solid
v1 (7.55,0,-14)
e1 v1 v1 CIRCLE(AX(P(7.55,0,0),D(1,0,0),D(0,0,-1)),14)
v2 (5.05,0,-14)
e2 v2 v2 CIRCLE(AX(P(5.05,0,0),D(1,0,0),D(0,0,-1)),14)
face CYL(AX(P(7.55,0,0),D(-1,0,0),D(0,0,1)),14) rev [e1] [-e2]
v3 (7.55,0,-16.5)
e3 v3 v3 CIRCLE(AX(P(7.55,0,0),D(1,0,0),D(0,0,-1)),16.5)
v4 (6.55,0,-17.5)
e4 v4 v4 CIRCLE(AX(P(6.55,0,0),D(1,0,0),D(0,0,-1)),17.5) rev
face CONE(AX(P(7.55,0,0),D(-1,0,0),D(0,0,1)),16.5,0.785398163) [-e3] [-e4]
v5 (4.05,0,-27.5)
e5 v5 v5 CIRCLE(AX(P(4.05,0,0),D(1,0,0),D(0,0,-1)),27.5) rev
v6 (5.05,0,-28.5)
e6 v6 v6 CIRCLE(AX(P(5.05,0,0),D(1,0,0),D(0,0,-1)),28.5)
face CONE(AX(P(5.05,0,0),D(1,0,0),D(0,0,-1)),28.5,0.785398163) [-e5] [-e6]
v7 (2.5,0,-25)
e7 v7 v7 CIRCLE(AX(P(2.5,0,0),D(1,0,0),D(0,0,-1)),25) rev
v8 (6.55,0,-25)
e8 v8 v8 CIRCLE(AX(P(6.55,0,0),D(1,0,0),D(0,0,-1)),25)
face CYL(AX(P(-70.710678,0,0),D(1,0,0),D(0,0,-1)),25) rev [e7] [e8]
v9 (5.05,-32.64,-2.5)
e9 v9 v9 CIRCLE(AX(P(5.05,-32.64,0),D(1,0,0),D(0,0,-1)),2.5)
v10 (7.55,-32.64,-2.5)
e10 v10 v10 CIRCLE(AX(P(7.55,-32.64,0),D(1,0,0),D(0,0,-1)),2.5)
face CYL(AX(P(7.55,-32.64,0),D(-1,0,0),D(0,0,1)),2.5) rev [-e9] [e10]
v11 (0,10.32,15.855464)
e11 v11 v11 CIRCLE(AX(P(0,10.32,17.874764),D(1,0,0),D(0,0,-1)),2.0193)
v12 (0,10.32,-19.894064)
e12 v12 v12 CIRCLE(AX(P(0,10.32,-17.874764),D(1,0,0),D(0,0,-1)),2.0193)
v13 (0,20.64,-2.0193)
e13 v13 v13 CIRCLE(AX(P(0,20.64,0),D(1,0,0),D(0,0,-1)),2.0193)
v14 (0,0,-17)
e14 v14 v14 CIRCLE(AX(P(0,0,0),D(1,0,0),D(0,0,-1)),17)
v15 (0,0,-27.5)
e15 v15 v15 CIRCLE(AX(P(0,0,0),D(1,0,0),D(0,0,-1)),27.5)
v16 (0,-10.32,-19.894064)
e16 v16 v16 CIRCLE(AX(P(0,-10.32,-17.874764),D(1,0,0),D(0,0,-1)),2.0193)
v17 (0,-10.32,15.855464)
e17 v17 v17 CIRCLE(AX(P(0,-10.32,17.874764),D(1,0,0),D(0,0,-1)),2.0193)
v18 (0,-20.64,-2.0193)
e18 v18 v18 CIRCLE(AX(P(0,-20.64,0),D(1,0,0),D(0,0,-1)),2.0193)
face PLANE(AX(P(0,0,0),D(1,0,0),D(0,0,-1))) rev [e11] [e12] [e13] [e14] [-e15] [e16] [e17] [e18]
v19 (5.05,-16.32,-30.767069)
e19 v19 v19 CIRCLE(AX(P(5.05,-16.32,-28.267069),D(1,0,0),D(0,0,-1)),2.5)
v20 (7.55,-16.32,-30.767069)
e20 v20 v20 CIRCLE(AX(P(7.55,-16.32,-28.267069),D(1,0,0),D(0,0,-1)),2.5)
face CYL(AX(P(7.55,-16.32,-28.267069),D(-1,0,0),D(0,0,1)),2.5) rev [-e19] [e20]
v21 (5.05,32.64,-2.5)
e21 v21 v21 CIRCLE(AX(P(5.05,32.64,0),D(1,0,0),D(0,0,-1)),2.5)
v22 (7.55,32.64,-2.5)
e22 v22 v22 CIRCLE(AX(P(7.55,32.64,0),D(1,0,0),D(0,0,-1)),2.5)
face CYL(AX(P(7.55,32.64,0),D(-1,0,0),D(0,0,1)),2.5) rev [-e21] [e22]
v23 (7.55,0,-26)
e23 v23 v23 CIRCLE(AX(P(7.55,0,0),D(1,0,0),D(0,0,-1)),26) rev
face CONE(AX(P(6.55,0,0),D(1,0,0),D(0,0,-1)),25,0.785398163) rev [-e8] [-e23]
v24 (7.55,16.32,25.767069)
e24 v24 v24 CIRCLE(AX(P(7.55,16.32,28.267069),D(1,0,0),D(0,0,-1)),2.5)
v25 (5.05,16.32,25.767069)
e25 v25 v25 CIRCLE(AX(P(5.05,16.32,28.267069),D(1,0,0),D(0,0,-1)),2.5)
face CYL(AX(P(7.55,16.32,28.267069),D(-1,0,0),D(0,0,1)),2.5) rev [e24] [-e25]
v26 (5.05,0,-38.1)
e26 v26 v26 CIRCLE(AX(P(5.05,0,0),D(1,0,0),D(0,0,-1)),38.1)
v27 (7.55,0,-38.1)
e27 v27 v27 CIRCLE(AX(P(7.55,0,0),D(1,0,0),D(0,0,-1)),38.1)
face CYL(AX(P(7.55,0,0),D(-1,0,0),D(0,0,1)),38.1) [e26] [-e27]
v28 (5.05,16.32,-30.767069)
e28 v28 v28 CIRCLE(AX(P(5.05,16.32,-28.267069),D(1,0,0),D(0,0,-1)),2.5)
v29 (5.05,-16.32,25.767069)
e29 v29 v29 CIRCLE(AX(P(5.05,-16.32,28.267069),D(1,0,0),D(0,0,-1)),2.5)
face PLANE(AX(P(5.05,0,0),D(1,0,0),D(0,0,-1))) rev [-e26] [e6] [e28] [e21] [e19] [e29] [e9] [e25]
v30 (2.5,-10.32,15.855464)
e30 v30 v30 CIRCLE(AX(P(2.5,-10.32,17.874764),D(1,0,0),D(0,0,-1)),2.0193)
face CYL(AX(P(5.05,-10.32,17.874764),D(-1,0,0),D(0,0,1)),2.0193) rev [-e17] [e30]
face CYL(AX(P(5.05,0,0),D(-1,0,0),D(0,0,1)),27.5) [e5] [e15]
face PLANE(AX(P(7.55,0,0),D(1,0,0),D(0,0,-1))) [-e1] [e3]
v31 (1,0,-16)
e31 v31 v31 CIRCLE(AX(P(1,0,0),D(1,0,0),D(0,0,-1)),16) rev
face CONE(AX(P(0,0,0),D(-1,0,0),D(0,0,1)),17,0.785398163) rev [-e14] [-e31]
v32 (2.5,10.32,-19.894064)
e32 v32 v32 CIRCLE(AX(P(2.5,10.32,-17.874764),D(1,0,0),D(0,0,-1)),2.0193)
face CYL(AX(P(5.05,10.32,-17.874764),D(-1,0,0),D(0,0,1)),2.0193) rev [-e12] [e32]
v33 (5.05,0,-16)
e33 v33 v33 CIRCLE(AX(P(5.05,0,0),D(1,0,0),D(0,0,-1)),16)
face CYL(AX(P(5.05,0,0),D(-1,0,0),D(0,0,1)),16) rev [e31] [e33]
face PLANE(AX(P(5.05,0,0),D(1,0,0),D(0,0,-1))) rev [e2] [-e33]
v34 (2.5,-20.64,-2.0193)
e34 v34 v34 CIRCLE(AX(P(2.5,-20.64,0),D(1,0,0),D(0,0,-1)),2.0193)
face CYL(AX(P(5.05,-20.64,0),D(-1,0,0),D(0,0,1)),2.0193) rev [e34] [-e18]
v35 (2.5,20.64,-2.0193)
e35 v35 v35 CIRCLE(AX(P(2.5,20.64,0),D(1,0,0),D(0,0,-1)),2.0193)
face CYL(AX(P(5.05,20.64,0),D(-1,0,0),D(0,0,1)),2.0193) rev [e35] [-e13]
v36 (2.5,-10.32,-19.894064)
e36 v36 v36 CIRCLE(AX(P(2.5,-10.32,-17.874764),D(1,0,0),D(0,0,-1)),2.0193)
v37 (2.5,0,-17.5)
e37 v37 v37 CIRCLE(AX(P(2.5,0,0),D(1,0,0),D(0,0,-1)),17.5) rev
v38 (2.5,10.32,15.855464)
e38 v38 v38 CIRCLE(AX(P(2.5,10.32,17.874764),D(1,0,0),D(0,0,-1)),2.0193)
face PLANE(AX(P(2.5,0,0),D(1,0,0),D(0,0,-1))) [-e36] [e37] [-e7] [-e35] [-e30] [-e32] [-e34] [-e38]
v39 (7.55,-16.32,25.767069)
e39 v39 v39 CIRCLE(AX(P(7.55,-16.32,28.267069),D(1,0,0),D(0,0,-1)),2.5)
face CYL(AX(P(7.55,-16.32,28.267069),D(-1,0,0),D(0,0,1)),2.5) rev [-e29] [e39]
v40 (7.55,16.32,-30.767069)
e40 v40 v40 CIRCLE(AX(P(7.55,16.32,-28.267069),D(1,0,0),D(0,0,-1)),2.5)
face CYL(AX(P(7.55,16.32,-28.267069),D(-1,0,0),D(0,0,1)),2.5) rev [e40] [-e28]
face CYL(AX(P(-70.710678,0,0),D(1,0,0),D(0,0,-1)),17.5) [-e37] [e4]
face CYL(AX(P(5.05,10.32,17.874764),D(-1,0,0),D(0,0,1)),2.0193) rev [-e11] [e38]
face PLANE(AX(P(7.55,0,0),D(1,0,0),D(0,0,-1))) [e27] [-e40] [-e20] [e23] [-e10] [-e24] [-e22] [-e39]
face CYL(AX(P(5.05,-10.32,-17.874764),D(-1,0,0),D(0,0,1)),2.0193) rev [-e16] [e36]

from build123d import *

# Parameters (mm, degrees)
SKETCH1_R           = 27.5
SKETCH1_R_2         = 2.0193
SKETCH1_R_3         = 16
BOSS_EXTRUDE1_DEPTH = 5.05
SKETCH2_R           = 38.1
SKETCH2_R_2         = 2.0193
SKETCH2_R_3         = 14
SKETCH2_R_4         = 2.5
BOSS_EXTRUDE2_DEPTH = 2.5
SKETCH3_R           = 25
SKETCH3_R_2         = 17.5
CUT_EXTRUDE1_DEPTH  = 5.05
CHAMFER1_SIZE       = 1


with BuildPart() as part:
    # Sketch1 → Boss-Extrude1 (new body)
    with BuildSketch(Plane(origin=(0, 0, 0), x_dir=(0, 0, -1), z_dir=(1, 0, 0))):
        Circle(SKETCH1_R)
        with Locations((0, 20.64)):
            Circle(SKETCH1_R_2, mode=Mode.SUBTRACT)
        with Locations((17.874764334, 10.32)):
            Circle(SKETCH1_R_2, mode=Mode.SUBTRACT)
        with Locations((17.874764334, -10.32)):
            Circle(SKETCH1_R_2, mode=Mode.SUBTRACT)
        with Locations((0, -20.64)):
            Circle(SKETCH1_R_2, mode=Mode.SUBTRACT)
        with Locations((-17.874764334, -10.32)):
            Circle(SKETCH1_R_2, mode=Mode.SUBTRACT)
        with Locations((-17.874764334, 10.32)):
            Circle(SKETCH1_R_2, mode=Mode.SUBTRACT)
        Circle(SKETCH1_R_3, mode=Mode.SUBTRACT)
    extrude(amount=BOSS_EXTRUDE1_DEPTH)

    # Sketch2 → Boss-Extrude2 (add)
    with BuildSketch(Plane(origin=(5.05, 0, 0), x_dir=(0, 0, -1), z_dir=(1, 0, 0))):
        Circle(SKETCH2_R)
        with Locations((0, 20.64)):
            Circle(SKETCH2_R_2, mode=Mode.SUBTRACT)
        Circle(SKETCH2_R_3, mode=Mode.SUBTRACT)
        with Locations((17.874764334, 10.32)):
            Circle(SKETCH2_R_2, mode=Mode.SUBTRACT)
        with Locations((17.874764334, -10.32)):
            Circle(SKETCH2_R_2, mode=Mode.SUBTRACT)
        with Locations((0, -20.64)):
            Circle(SKETCH2_R_2, mode=Mode.SUBTRACT)
        with Locations((-17.874764334, -10.32)):
            Circle(SKETCH2_R_2, mode=Mode.SUBTRACT)
        with Locations((-17.874764334, 10.32)):
            Circle(SKETCH2_R_2, mode=Mode.SUBTRACT)
        with Locations((0, 32.64)):
            Circle(SKETCH2_R_4, mode=Mode.SUBTRACT)
        with Locations((28.26706918, 16.32)):
            Circle(SKETCH2_R_4, mode=Mode.SUBTRACT)
        with Locations((28.26706918, -16.32)):
            Circle(SKETCH2_R_4, mode=Mode.SUBTRACT)
        with Locations((0, -32.64)):
            Circle(SKETCH2_R_4, mode=Mode.SUBTRACT)
        with Locations((-28.26706918, -16.32)):
            Circle(SKETCH2_R_4, mode=Mode.SUBTRACT)
        with Locations((-28.26706918, 16.32)):
            Circle(SKETCH2_R_4, mode=Mode.SUBTRACT)
    extrude(amount=BOSS_EXTRUDE2_DEPTH)

    # Sketch3 → Cut-Extrude1 (cut)
    with BuildSketch(Plane(origin=(7.55, 0, 0), x_dir=(0, 0, -1), z_dir=(1, 0, 0))):
        Circle(SKETCH3_R)
        Circle(SKETCH3_R_2, mode=Mode.SUBTRACT)
    extrude(amount=-CUT_EXTRUDE1_DEPTH, mode=Mode.SUBTRACT)

    # Chamfer1
    chamfer1_edges = [part.edges().sort_by_distance(p)[0] for p in [
        (5.05, 0, 27.5),
        (7.55, 0, 25),
        (7.55, 0, 17.5),
        (0, 0, 16),
    ]]
    chamfer(chamfer1_edges, length=CHAMFER1_SIZE)


solid = part.part
